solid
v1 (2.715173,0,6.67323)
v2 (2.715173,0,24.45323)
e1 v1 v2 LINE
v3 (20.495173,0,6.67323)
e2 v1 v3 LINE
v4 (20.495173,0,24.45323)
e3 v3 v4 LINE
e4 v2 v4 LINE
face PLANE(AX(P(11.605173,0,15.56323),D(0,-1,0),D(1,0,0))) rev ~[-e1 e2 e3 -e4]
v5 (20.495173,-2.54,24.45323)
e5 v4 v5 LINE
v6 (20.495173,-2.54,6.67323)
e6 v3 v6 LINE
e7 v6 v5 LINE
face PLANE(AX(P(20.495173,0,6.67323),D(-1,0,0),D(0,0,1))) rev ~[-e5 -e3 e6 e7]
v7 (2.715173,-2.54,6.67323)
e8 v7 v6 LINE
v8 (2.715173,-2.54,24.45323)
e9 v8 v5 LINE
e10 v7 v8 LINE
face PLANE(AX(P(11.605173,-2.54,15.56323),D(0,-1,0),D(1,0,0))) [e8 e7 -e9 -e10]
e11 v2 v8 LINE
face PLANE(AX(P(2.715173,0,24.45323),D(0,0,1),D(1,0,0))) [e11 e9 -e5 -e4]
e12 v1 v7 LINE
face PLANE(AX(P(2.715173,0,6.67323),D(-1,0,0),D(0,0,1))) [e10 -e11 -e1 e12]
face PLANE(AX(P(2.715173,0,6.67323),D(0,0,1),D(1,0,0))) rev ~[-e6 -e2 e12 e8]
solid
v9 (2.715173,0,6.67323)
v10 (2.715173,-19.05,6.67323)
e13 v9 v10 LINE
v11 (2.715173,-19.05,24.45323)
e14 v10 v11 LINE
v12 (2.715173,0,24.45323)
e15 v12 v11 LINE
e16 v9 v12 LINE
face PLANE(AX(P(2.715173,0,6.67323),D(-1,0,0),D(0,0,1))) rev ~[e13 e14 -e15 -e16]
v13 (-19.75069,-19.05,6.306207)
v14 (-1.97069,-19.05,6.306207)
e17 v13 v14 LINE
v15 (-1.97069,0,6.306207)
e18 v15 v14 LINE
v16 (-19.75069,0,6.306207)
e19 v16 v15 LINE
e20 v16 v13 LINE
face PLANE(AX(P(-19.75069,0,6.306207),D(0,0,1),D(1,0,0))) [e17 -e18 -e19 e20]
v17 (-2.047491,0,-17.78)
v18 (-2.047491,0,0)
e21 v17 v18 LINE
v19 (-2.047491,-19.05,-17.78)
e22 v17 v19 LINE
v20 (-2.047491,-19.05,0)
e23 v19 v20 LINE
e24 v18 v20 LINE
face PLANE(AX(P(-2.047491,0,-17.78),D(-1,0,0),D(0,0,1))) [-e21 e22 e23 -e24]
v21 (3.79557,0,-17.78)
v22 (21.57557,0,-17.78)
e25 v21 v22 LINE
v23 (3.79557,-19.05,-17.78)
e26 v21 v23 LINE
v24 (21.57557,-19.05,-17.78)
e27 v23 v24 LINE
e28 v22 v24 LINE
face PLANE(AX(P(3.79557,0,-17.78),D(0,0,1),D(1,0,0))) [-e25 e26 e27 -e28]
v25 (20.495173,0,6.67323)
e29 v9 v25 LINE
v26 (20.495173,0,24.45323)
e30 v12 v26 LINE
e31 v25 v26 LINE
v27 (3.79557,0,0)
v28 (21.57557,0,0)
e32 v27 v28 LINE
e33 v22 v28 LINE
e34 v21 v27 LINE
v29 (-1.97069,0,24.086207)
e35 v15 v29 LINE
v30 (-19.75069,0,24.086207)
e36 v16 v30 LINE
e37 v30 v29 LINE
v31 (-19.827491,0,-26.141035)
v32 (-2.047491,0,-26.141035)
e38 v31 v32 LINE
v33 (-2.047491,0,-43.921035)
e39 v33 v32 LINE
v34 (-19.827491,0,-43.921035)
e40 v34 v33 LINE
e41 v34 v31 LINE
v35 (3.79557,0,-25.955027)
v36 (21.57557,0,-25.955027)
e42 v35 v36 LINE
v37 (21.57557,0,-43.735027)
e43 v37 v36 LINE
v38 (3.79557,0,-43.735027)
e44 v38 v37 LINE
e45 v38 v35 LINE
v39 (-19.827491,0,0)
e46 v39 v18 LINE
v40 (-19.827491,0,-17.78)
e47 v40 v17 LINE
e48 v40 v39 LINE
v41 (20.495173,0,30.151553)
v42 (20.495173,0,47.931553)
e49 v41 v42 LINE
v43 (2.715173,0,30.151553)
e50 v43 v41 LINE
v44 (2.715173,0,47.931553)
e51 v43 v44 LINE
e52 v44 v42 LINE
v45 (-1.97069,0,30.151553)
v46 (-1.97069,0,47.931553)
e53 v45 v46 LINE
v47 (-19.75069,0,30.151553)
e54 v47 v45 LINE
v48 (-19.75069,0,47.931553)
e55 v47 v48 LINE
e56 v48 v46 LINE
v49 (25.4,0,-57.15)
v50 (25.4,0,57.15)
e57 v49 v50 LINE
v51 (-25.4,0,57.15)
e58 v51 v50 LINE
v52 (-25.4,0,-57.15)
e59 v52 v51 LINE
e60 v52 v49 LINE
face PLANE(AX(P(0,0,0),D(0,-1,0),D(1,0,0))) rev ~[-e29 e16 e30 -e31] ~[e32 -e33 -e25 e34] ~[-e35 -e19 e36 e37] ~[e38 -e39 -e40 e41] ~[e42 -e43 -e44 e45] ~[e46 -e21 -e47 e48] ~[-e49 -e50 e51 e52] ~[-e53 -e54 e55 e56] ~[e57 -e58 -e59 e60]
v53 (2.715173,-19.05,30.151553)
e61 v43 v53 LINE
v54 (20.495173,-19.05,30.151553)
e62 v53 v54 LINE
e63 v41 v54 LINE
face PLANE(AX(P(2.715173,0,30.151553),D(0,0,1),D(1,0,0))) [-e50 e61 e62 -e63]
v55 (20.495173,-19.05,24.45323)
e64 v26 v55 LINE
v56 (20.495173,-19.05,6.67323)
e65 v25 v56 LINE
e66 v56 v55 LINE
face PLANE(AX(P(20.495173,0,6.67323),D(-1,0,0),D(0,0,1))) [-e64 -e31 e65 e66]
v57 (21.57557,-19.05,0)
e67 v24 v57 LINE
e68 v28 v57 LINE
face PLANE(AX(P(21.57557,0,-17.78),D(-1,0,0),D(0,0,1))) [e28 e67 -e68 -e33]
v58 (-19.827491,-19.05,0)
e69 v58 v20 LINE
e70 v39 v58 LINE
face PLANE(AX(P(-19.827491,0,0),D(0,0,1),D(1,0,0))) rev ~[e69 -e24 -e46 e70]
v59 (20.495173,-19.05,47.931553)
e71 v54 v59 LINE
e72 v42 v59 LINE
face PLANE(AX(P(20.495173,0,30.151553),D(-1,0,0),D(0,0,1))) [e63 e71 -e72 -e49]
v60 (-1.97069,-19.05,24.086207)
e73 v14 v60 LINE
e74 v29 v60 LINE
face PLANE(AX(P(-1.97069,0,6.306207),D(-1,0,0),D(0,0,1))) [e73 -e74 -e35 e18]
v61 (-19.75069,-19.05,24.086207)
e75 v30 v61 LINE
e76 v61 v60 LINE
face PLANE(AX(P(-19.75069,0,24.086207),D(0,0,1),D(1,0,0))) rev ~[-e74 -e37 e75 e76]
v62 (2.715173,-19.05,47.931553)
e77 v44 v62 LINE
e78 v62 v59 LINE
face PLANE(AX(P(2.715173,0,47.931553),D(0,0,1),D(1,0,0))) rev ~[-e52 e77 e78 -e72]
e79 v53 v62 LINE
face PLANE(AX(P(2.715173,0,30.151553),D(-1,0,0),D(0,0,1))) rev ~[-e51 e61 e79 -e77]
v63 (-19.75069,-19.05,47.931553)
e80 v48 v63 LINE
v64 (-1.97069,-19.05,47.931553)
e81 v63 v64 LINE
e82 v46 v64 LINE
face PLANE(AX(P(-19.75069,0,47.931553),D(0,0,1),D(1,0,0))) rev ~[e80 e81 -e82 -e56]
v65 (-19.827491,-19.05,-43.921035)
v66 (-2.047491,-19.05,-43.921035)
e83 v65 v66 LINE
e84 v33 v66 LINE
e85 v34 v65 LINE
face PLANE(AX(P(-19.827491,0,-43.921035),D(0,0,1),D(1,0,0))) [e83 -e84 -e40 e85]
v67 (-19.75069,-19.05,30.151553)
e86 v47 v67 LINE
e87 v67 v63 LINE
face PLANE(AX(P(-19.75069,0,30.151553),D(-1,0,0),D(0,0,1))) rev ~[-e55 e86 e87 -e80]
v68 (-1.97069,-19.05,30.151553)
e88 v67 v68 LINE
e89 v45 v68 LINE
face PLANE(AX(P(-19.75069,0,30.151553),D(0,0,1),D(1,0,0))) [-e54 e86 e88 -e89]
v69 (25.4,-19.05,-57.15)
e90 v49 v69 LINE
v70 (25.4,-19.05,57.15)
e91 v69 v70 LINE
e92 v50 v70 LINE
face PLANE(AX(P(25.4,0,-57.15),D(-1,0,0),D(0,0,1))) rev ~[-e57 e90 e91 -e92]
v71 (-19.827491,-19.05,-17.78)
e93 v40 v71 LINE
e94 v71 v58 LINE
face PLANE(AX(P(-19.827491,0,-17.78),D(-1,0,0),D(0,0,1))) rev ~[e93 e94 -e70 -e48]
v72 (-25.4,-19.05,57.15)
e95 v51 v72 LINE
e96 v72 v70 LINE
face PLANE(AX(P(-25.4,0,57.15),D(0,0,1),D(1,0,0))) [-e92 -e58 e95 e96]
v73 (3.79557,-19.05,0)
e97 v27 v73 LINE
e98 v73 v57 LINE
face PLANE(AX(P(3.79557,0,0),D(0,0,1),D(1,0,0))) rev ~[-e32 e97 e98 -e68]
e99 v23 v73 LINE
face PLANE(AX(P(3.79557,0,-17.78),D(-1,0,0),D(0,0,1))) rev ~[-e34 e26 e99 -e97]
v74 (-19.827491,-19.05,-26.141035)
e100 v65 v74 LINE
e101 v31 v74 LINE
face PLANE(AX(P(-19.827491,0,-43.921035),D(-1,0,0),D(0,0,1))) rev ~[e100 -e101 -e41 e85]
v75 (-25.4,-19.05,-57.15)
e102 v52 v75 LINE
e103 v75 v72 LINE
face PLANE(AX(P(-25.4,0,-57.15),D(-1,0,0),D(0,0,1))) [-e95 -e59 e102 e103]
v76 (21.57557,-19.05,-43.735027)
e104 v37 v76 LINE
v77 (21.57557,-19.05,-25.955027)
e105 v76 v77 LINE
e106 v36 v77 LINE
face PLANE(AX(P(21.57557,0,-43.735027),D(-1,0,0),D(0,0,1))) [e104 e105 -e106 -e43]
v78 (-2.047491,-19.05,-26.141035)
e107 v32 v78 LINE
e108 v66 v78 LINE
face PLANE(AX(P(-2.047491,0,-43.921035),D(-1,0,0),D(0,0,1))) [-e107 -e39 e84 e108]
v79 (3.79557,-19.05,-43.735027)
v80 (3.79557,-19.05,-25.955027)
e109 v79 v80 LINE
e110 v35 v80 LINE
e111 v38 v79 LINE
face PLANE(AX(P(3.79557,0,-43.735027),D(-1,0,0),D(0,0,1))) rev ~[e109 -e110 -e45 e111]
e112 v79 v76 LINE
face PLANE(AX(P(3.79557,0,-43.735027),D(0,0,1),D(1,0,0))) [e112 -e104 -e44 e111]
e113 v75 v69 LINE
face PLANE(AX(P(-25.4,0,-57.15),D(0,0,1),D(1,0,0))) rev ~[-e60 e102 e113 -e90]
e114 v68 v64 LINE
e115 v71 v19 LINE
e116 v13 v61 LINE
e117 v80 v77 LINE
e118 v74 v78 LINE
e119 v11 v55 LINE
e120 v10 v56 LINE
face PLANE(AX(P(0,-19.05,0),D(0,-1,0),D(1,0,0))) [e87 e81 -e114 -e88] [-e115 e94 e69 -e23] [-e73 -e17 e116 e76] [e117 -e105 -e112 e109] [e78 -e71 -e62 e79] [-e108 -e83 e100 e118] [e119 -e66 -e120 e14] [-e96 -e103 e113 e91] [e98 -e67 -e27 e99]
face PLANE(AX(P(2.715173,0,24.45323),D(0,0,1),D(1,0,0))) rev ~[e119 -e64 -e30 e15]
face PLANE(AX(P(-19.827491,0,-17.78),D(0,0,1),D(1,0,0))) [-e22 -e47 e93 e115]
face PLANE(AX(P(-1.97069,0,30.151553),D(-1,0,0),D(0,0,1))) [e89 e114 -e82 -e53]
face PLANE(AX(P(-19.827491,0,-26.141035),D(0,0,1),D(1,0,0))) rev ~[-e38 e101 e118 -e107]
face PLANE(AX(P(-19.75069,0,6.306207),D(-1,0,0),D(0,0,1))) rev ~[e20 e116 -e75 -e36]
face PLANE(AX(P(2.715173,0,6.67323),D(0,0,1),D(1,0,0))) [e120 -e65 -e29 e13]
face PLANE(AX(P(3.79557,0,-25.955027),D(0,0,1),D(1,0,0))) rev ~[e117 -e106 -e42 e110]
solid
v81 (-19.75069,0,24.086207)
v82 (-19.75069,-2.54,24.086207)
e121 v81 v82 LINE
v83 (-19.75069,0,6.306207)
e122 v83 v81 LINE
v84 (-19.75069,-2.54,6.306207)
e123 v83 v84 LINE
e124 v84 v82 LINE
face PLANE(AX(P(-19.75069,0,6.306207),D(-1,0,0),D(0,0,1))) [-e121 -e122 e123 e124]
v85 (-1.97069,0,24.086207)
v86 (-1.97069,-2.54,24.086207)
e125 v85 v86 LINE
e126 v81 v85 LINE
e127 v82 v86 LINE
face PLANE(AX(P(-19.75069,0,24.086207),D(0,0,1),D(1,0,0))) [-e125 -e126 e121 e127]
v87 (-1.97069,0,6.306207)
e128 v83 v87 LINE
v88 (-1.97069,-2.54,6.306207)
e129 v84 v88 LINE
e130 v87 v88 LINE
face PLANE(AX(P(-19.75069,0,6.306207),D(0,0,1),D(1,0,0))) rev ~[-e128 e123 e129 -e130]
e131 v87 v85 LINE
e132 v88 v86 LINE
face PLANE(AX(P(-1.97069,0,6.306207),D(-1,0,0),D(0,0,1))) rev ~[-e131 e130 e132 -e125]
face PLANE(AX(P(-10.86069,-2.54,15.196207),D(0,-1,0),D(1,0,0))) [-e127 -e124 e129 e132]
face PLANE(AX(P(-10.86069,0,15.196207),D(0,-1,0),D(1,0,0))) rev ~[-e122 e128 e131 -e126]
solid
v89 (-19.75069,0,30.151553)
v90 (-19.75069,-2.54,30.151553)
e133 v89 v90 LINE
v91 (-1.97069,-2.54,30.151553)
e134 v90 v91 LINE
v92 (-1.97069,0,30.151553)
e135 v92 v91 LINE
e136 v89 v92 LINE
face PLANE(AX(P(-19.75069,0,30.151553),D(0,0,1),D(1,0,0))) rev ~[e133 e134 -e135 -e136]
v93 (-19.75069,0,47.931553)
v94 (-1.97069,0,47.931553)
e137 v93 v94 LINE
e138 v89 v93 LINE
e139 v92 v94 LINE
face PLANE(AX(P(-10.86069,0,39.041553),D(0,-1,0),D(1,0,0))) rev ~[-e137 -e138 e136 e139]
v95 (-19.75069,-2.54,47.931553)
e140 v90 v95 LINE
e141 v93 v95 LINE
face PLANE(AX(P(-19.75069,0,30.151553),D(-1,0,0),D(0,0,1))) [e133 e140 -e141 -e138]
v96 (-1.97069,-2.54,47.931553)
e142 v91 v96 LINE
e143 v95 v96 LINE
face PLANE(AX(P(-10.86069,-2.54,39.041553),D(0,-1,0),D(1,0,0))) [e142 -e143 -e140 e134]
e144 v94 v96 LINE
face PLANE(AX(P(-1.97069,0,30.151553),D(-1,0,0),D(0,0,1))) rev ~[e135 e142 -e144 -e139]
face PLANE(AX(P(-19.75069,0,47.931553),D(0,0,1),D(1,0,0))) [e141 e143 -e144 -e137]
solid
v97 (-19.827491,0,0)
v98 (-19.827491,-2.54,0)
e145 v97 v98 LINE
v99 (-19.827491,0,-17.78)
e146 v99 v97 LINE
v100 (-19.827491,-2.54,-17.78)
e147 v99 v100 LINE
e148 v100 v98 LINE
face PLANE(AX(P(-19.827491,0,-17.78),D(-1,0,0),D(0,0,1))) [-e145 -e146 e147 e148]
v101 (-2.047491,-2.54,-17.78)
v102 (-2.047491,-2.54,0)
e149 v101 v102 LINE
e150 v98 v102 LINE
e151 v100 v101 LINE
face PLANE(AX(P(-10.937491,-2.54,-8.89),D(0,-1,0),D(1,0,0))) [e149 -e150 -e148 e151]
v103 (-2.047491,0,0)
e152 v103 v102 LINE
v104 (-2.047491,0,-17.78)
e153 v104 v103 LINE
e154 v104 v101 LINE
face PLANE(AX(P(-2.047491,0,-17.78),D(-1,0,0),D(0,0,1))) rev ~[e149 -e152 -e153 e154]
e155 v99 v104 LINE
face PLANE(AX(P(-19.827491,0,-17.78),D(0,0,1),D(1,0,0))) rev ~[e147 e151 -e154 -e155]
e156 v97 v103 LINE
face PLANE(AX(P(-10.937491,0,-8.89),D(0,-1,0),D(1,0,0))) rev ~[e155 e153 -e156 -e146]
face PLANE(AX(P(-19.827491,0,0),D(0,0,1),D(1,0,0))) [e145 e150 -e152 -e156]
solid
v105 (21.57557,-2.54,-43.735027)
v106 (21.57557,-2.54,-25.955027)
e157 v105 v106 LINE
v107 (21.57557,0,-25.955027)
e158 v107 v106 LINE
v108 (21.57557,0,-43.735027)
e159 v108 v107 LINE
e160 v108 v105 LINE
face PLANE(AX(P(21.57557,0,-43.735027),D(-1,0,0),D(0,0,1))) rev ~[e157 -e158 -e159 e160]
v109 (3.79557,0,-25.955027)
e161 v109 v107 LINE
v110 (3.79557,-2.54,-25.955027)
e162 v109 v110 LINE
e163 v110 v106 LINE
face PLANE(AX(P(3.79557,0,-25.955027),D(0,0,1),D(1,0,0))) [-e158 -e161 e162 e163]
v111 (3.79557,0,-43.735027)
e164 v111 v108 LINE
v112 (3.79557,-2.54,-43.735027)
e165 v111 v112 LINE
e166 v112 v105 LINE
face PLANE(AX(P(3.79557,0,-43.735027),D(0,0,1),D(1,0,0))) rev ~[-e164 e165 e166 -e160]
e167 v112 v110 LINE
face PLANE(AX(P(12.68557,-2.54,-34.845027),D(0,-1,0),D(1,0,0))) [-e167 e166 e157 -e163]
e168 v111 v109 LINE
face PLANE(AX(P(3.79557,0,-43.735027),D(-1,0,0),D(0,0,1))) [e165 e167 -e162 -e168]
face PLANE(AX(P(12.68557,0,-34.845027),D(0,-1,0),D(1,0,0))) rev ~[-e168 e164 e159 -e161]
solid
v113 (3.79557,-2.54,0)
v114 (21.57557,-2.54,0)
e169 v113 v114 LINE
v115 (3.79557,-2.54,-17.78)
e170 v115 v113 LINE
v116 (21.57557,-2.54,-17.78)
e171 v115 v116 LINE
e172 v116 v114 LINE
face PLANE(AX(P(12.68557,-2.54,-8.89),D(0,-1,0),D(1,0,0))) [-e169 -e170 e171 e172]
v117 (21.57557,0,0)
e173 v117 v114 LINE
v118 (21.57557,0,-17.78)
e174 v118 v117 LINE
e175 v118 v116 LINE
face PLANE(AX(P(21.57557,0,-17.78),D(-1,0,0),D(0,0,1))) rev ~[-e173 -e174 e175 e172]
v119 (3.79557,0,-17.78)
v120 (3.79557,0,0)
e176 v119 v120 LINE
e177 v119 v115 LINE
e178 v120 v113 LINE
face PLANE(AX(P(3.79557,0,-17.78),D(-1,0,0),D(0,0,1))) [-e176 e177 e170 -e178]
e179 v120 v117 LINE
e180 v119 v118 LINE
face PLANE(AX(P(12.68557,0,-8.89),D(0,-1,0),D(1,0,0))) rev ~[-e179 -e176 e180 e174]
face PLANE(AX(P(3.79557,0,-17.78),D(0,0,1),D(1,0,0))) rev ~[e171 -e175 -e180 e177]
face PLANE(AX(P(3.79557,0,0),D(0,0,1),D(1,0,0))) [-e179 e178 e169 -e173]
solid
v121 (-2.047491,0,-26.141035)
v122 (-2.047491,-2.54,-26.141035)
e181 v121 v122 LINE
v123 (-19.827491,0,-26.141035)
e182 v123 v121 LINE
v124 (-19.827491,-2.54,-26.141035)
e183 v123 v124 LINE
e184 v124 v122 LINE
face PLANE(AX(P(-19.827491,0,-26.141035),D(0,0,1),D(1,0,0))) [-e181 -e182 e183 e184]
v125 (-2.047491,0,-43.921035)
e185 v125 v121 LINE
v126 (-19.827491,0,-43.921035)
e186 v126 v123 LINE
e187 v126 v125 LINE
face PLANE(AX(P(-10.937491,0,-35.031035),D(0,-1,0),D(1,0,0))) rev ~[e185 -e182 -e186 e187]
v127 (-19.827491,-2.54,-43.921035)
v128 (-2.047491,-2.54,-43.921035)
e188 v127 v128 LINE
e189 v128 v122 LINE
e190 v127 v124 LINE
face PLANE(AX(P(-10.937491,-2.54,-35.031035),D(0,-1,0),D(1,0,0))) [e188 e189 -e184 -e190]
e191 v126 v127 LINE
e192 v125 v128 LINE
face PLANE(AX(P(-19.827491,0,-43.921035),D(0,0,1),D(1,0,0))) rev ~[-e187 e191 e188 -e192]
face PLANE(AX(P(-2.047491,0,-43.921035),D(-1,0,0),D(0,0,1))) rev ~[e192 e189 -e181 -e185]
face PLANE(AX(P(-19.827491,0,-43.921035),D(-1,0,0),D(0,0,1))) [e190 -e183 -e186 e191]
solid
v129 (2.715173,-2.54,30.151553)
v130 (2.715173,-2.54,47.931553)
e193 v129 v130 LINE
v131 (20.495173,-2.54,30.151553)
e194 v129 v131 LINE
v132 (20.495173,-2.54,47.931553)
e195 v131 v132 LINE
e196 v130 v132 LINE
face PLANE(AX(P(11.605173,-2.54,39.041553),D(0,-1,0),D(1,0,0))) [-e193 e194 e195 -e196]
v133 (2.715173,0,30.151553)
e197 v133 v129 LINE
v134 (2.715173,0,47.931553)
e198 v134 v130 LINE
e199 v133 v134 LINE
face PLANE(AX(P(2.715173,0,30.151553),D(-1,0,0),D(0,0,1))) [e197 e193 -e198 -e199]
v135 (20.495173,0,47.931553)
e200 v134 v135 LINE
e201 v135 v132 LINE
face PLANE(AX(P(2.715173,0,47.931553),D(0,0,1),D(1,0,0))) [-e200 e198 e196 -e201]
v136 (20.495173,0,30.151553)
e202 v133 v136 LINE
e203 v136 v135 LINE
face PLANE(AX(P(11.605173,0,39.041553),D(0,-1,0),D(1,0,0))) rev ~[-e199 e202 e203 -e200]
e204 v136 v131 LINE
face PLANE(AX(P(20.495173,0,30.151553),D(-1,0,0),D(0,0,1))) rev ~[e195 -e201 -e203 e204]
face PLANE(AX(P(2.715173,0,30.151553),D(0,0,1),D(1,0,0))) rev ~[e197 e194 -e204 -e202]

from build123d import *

# Parameters (mm, degrees)
F0_W     = 50.8
F0_H     = 114.3
F0_W_2   = 17.78
F0_H_2   = 17.78
F1_DEPTH = 19.05
F2_DEPTH = 2.54


with BuildPart() as f1:
    # F0 (on Front) → F1 (new body)
    with BuildSketch(Plane.XZ):
        Rectangle(F0_W, F0_H)
        with Locations((-10.937491, -35.031035)):
            Rectangle(F0_W_2, F0_H_2, mode=Mode.SUBTRACT)
        with Locations((-10.937491, -8.89)):
            Rectangle(F0_W_2, F0_H_2, mode=Mode.SUBTRACT)
        with Locations((12.68557, -34.845027)):
            Rectangle(F0_W_2, F0_H_2, mode=Mode.SUBTRACT)
        with Locations((12.68557, -8.89)):
            Rectangle(F0_W_2, F0_H_2, mode=Mode.SUBTRACT)
        with Locations((-10.86069, 15.196207)):
            Rectangle(F0_W_2, F0_H_2, mode=Mode.SUBTRACT)
        with Locations((-10.86069, 39.041553)):
            Rectangle(F0_W_2, F0_H_2, mode=Mode.SUBTRACT)
        with Locations((11.605173, 15.56323)):
            Rectangle(F0_W_2, F0_H_2, mode=Mode.SUBTRACT)
        with Locations((11.605173, 39.041553)):
            Rectangle(F0_W_2, F0_H_2, mode=Mode.SUBTRACT)
    extrude(amount=F1_DEPTH)


with BuildPart() as f2:
    # F0 (on Front) → F2 (new body)
    with BuildSketch(Plane.XZ):
        with Locations((12.68557, -8.89)):
            Rectangle(F0_W_2, F0_H_2)
        with Locations((11.605173, 15.56323)):
            Rectangle(F0_W_2, F0_H_2)
        with Locations((11.605173, 39.041553)):
            Rectangle(F0_W_2, F0_H_2)
        with Locations((-10.86069, 39.041553)):
            Rectangle(F0_W_2, F0_H_2)
        with Locations((-10.86069, 15.196207)):
            Rectangle(F0_W_2, F0_H_2)
        with Locations((-10.937491, -8.89)):
            Rectangle(F0_W_2, F0_H_2)
        with Locations((-10.937491, -35.031035)):
            Rectangle(F0_W_2, F0_H_2)
        with Locations((12.68557, -34.845027)):
            Rectangle(F0_W_2, F0_H_2)
    extrude(amount=F2_DEPTH)


solid = Compound([f1.part, f2.part])
